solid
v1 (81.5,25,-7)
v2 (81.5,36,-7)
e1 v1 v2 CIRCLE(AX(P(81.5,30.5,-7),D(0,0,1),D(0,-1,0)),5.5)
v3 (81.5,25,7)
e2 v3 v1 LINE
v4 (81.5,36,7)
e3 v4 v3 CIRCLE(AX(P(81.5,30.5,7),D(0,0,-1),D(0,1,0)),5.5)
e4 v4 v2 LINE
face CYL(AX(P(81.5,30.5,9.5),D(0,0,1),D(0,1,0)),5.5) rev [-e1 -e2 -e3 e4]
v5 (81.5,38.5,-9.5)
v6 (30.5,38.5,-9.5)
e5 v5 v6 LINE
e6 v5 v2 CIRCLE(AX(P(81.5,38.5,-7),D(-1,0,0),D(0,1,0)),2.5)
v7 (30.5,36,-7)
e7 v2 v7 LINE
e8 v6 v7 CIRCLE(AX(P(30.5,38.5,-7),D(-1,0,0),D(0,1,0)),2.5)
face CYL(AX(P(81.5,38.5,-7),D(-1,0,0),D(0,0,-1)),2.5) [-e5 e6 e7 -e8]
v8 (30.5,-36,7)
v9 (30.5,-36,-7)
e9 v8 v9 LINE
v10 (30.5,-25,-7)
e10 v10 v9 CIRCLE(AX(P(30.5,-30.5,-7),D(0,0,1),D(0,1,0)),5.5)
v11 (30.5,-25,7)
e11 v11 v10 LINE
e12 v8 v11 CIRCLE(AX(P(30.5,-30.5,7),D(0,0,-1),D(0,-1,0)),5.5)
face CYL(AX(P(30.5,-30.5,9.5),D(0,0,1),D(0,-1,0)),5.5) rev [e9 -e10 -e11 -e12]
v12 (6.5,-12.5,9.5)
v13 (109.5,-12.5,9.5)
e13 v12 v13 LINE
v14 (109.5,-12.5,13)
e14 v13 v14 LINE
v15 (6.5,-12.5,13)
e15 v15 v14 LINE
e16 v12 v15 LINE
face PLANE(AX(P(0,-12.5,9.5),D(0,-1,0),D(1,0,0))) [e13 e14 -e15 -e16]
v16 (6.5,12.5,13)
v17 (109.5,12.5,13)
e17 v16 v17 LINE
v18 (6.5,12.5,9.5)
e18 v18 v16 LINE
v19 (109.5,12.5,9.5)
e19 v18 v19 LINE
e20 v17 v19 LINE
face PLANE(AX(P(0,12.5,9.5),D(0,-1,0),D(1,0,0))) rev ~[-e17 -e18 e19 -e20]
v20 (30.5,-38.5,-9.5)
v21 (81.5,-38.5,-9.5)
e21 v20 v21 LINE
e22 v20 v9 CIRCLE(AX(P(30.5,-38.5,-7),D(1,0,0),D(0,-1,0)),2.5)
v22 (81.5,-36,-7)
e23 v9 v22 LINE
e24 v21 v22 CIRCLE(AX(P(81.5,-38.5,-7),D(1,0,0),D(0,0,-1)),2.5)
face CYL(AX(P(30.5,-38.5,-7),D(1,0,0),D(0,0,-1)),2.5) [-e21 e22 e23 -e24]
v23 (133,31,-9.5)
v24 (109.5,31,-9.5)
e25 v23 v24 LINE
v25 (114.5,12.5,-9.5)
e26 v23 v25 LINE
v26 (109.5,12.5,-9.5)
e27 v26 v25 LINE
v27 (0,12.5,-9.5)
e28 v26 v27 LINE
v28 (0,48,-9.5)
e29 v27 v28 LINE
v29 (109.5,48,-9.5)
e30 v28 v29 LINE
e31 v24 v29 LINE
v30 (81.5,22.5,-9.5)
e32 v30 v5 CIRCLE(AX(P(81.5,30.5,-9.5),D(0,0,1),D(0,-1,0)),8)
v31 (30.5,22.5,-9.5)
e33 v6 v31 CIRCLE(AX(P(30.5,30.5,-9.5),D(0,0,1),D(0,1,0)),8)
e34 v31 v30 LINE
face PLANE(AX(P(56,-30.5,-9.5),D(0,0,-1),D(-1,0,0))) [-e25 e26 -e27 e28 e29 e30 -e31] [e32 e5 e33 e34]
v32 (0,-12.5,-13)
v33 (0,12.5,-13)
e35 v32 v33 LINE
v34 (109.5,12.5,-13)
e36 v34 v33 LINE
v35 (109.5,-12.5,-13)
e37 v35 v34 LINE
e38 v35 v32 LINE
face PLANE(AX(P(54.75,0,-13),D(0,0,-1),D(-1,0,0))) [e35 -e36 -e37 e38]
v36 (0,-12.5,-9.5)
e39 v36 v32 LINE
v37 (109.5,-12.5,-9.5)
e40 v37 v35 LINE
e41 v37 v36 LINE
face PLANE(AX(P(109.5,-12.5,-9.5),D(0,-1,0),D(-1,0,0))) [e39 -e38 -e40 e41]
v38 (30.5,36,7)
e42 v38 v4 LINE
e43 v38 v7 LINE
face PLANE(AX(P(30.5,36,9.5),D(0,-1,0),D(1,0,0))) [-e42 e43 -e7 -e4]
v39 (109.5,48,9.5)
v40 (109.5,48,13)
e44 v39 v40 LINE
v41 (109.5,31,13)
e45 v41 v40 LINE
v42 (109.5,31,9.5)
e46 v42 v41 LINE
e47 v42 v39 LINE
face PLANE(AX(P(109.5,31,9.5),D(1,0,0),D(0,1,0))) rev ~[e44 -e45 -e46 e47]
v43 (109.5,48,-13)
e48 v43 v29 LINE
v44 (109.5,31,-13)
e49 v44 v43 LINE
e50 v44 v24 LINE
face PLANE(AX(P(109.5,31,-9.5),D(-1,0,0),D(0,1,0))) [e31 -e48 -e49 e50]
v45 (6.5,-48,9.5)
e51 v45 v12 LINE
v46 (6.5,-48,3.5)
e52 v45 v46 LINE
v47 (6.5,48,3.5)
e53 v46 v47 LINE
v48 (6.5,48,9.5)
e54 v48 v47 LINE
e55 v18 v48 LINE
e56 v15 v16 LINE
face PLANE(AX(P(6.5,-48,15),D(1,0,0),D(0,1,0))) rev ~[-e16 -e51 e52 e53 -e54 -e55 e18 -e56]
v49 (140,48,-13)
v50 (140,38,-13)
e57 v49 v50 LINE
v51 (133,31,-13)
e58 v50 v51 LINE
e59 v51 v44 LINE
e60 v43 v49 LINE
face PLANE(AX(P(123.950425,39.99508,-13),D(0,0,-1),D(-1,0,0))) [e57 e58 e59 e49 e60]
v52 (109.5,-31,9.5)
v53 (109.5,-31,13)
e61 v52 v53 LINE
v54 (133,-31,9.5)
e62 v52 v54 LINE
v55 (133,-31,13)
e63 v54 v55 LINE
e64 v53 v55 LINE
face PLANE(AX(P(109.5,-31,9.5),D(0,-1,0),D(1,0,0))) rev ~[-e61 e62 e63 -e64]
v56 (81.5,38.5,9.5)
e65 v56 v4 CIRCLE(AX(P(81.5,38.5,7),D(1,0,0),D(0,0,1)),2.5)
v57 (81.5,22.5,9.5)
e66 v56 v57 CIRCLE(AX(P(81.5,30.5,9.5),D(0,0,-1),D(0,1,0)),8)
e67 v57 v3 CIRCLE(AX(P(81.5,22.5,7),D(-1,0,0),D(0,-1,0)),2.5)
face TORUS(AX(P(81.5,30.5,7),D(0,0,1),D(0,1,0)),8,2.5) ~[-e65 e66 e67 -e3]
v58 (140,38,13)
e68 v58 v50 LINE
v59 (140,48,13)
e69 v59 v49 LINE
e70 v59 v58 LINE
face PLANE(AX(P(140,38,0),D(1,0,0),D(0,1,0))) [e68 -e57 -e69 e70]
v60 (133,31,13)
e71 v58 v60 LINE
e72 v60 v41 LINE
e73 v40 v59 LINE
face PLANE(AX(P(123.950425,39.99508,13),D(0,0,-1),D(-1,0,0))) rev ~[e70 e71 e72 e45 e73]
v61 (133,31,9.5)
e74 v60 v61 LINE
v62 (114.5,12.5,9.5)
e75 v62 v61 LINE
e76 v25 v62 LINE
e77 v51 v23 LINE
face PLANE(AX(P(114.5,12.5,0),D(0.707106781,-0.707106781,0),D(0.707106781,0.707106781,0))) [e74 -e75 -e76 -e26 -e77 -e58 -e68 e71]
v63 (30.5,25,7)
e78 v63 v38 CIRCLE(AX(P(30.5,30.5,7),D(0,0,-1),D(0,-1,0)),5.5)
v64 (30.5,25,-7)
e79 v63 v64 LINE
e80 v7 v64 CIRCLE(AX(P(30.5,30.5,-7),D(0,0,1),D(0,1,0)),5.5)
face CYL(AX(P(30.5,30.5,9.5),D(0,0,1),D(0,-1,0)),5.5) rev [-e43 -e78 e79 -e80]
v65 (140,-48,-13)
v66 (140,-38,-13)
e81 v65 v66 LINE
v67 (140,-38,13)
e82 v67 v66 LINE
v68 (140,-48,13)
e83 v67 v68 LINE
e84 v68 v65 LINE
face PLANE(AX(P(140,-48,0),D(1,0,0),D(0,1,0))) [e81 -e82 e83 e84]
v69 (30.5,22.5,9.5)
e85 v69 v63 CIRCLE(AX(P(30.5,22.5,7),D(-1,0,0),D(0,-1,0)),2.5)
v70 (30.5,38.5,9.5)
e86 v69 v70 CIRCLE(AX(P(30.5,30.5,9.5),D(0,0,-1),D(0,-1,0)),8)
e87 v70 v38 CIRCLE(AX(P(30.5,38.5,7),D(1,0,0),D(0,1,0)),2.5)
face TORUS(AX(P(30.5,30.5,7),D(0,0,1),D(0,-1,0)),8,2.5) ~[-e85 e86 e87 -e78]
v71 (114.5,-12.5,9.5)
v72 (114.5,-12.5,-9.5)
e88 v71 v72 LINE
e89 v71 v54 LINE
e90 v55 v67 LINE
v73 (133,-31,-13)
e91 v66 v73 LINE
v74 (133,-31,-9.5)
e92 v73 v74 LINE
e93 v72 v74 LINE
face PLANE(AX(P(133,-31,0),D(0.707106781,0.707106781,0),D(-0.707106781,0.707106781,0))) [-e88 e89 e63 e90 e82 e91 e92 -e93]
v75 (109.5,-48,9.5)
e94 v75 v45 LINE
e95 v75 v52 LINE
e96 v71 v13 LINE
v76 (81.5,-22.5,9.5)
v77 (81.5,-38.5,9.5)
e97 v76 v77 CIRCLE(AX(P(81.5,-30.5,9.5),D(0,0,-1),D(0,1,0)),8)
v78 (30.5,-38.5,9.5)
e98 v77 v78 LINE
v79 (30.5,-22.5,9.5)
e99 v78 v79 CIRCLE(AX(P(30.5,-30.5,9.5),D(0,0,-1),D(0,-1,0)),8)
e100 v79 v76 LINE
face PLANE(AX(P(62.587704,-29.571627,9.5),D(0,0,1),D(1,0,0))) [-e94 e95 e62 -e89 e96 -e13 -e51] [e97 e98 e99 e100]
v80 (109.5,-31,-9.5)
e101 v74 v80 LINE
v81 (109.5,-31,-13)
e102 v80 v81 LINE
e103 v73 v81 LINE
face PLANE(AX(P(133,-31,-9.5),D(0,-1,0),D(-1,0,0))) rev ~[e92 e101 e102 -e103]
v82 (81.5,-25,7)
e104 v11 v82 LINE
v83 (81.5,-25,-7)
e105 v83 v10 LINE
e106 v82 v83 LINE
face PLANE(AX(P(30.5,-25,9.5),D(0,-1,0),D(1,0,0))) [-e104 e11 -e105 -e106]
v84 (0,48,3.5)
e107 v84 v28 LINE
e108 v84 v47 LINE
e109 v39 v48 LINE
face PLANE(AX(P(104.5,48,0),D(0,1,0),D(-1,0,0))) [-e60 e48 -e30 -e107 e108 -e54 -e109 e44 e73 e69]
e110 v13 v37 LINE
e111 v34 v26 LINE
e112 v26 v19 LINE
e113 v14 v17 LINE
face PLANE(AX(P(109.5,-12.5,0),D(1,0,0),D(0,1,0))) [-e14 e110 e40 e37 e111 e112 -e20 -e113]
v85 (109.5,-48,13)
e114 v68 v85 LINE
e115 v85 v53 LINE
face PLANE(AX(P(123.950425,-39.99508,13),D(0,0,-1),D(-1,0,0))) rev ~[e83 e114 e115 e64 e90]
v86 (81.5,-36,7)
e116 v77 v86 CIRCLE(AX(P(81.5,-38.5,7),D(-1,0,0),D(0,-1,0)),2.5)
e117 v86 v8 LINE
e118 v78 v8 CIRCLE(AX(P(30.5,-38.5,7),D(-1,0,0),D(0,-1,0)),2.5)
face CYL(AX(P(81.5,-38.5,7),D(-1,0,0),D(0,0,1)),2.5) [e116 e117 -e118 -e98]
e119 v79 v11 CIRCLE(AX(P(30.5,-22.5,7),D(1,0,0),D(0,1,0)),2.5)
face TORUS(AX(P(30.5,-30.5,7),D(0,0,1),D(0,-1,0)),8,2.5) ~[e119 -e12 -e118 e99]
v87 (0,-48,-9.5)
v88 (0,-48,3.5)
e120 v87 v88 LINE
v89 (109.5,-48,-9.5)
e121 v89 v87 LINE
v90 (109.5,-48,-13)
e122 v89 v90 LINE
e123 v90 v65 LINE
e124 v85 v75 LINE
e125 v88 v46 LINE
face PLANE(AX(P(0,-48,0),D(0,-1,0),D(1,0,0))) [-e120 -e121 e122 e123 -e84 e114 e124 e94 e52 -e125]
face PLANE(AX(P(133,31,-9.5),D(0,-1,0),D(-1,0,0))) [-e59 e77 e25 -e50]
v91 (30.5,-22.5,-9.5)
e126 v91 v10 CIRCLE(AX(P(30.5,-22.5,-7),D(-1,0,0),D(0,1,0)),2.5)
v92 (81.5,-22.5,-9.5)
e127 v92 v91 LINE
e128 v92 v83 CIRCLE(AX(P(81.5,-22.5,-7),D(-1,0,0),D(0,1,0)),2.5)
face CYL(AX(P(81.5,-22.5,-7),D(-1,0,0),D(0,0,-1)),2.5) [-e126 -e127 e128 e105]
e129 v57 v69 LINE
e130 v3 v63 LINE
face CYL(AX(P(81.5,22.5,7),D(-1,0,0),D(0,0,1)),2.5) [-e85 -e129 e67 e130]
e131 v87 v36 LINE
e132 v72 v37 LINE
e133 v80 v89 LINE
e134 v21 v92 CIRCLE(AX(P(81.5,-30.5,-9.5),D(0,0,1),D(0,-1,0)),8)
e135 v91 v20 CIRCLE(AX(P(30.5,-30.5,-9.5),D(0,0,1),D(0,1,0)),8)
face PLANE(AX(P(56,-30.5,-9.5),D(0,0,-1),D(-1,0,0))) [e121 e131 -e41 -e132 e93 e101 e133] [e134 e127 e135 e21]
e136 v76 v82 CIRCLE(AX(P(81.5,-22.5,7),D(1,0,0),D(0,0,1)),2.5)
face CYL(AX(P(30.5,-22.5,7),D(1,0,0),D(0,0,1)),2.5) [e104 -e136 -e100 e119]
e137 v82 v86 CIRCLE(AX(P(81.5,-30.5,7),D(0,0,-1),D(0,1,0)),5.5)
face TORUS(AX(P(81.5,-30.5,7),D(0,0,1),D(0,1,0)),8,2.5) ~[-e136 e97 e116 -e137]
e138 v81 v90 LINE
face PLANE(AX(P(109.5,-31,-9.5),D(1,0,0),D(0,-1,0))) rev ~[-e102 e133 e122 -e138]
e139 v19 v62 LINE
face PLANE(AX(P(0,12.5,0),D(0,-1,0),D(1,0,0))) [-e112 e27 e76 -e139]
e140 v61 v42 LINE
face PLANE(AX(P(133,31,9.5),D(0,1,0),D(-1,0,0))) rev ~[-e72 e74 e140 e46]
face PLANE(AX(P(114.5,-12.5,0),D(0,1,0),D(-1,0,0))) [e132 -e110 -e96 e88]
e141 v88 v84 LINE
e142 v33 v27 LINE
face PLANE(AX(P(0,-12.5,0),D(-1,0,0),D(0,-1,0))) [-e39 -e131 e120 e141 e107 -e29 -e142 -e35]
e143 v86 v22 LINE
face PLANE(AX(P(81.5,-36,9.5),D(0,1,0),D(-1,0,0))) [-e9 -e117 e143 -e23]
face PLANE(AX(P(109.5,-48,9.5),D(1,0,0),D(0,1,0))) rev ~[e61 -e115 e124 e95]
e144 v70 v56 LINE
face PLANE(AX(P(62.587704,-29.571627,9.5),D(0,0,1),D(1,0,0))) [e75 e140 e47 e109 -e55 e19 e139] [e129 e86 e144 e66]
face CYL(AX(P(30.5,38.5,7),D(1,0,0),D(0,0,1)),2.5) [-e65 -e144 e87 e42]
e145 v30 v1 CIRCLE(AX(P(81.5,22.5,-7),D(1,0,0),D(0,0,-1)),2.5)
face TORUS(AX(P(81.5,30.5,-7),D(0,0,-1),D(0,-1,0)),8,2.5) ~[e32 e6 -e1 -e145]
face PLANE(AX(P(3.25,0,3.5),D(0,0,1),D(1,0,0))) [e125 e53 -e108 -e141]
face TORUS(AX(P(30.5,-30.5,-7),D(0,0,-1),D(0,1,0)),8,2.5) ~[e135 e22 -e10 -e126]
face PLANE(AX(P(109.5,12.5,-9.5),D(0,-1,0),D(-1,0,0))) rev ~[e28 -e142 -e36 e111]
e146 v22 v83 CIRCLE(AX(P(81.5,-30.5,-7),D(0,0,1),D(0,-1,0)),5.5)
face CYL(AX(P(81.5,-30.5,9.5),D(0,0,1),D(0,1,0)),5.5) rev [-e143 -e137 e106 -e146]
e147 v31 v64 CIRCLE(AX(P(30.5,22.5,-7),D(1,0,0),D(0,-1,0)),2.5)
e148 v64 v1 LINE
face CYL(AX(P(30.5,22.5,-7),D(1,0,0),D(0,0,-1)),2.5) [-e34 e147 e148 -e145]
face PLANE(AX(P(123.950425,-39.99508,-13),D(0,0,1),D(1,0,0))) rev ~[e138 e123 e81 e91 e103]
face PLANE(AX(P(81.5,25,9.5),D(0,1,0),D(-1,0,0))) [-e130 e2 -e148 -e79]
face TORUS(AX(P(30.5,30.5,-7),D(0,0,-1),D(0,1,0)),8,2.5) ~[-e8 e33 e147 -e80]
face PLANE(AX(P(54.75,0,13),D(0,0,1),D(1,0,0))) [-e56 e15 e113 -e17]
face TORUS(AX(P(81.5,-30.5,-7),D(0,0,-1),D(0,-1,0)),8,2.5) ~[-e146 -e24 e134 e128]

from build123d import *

# Parameters (mm, degrees)
SKETCH1_W           = 109.5
SKETCH1_H           = 25
BOSS_EXTRUDE3_DEPTH = 9.5
BOSS_EXTRUDE4_DEPTH = 3.5
BOSS_EXTRUDE5_DEPTH = 3.5
BOSS_EXTRUDE6_DEPTH = 3.5
BOSS_EXTRUDE7_DEPTH = 3.5
SKETCH13_W          = 109.5
SKETCH13_H          = 25
BOSS_EXTRUDE8_DEPTH = 3.5
SKETCH14_W          = 109.5
SKETCH14_H          = 25
BOSS_EXTRUDE9_DEPTH = 3.5
CUT_EXTRUDE1_DEPTH  = 44
FILLET1_R           = 2.5
SKETCH16_W          = 6.5
SKETCH16_H          = 96
CUT_EXTRUDE2_DEPTH  = 11.5


with BuildPart() as part:
    # Sketch1 → Boss-Extrude3 (new, symmetric)
    # profile 1 of 7: a face of its own
    with BuildSketch(Plane.XY):
        Polygon((104.5, 31), (104.5, 48), (0, 48), (0, 12.5), (109.5, 12.5), (114.5, 12.5), (133, 31), align=None)
        with BuildLine():
            ThreePointArc((30.5, 25), (25, 30.5), (30.5, 36))
            Line((30.5, 36), (81.5, 36))
            ThreePointArc((81.5, 36), (87, 30.5), (81.5, 25))
            Line((81.5, 25), (30.5, 25))
        make_face(mode=Mode.SUBTRACT)
    # profile 2 of 7: a face of its own
    with BuildSketch(Plane.XY):
        with BuildLine():
            Line((30.5, 25), (81.5, 25))
            ThreePointArc((81.5, 25), (87, 30.5), (81.5, 36))
            Line((81.5, 36), (30.5, 36))
            ThreePointArc((30.5, 36), (25, 30.5), (30.5, 25))
        make_face()
    # profile 3 of 7: a face of its own
    with BuildSketch(Plane.XY):
        Polygon((140, 38), (140, 48), (104.5, 48), (104.5, 31), (133, 31), align=None)
    # profile 4 of 7: a face of its own
    with BuildSketch(Plane.XY):
        with Locations((54.75, 0)):
            Rectangle(SKETCH1_W, SKETCH1_H)
    # profile 5 of 7: a face of its own
    with BuildSketch(Plane.XY):
        Polygon((104.5, -31), (104.5, -48), (140, -48), (140, -38), (133, -31), align=None)
    # profile 6 of 7: a face of its own
    with BuildSketch(Plane.XY):
        Polygon((109.5, -12.5), (0, -12.5), (0, -48), (104.5, -48), (104.5, -31), (133, -31), (114.5, -12.5), align=None)
        with BuildLine():
            Line((81.5, -36), (30.5, -36))
            ThreePointArc((30.5, -36), (25, -30.5), (30.5, -25))
            Line((30.5, -25), (81.5, -25))
            ThreePointArc((81.5, -25), (87, -30.5), (81.5, -36))
        make_face(mode=Mode.SUBTRACT)
    # profile 7 of 7: a face of its own
    with BuildSketch(Plane.XY):
        with BuildLine():
            ThreePointArc((81.5, -25), (87, -30.5), (81.5, -36))
            Line((81.5, -36), (30.5, -36))
            ThreePointArc((30.5, -36), (25, -30.5), (30.5, -25))
            Line((30.5, -25), (81.5, -25))
        make_face()
    extrude(amount=BOSS_EXTRUDE3_DEPTH, both=True)

    # Sketch9 → Boss-Extrude4 (add, symmetric)
    with BuildSketch(Plane.XY.offset(9.5)):
        Polygon((140, 48), (140, 38), (133, 31), (109.5, 31), (109.5, 48), align=None)
    extrude(amount=BOSS_EXTRUDE4_DEPTH, both=True)

    # Sketch10 → Boss-Extrude5 (add, symmetric)
    with BuildSketch(Plane(origin=(0, 0, -9.5), x_dir=(-1, 0, 0), z_dir=(0, 0, -1))):
        Polygon((-109.5, 48), (-140, 48), (-140, 38), (-133, 31), (-109.5, 31), align=None)
    extrude(amount=BOSS_EXTRUDE5_DEPTH, both=True)

    # Sketch11 → Boss-Extrude6 (add, symmetric)
    with BuildSketch(Plane.XY.offset(9.5)):
        Polygon((140, -38), (140, -48), (109.5, -48), (109.5, -31), (133, -31), align=None)
    extrude(amount=BOSS_EXTRUDE6_DEPTH, both=True)

    # Sketch12 → Boss-Extrude7 (add, symmetric)
    with BuildSketch(Plane(origin=(0, 0, -9.5), x_dir=(-1, 0, 0), z_dir=(0, 0, -1))):
        Polygon((-140, -48), (-140, -38), (-133, -31), (-109.5, -31), (-109.5, -48), align=None)
    extrude(amount=BOSS_EXTRUDE7_DEPTH, both=True)

    # Sketch13 → Boss-Extrude8 (add, symmetric)
    with BuildSketch(Plane.XY.offset(9.5)):
        with Locations((54.75, 0)):
            Rectangle(SKETCH13_W, SKETCH13_H)
    extrude(amount=BOSS_EXTRUDE8_DEPTH, both=True)

    # Sketch14 → Boss-Extrude9 (add, symmetric)
    with BuildSketch(Plane(origin=(0, 0, -9.5), x_dir=(-1, 0, 0), z_dir=(0, 0, -1))):
        with Locations((-54.75, 0)):
            Rectangle(SKETCH14_W, SKETCH14_H)
    extrude(amount=BOSS_EXTRUDE9_DEPTH, both=True)

    # Sketch15 → Cut-Extrude1 (cut)
    with BuildSketch(Plane.XY.offset(9.5)):
        with BuildLine():
            Line((30.5, 36), (81.5, 36))
            ThreePointArc((81.5, 36), (87, 30.5), (81.5, 25))
            Line((81.5, 25), (30.5, 25))
            ThreePointArc((30.5, 25), (25, 30.5), (30.5, 36))
        make_face()
        with BuildLine():
            Line((30.5, -25), (81.5, -25))
            ThreePointArc((81.5, -25), (87, -30.5), (81.5, -36))
            Line((81.5, -36), (30.5, -36))
            ThreePointArc((30.5, -36), (25, -30.5), (30.5, -25))
        make_face()
    extrude(amount=-CUT_EXTRUDE1_DEPTH, mode=Mode.SUBTRACT)

    # Fillet1
    fillet1_edges = [part.edges().sort_by_distance(p)[0] for p in [
        (25, 30.5, -9.5),
        (56, 36, -9.5),
        (87, 30.5, -9.5),
        (56, 25, -9.5),
        (25, 30.5, 9.5),
        (56, 25, 9.5),
        (87, 30.5, 9.5),
        (56, 36, 9.5),
        (25, -30.5, -9.5),
        (56, -25, -9.5),
        (87, -30.5, -9.5),
        (56, -36, -9.5),
        (25, -30.5, 9.5),
        (56, -36, 9.5),
        (87, -30.5, 9.5),
        (56, -25, 9.5),
    ]]
    fillet(fillet1_edges, radius=FILLET1_R)

    # Sketch16 → Cut-Extrude2 (cut)
    with BuildSketch(Plane.XY.offset(15)):
        with Locations((3.25, 0)):
            Rectangle(SKETCH16_W, SKETCH16_H)
    extrude(amount=-CUT_EXTRUDE2_DEPTH, mode=Mode.SUBTRACT)


solid = part.part
